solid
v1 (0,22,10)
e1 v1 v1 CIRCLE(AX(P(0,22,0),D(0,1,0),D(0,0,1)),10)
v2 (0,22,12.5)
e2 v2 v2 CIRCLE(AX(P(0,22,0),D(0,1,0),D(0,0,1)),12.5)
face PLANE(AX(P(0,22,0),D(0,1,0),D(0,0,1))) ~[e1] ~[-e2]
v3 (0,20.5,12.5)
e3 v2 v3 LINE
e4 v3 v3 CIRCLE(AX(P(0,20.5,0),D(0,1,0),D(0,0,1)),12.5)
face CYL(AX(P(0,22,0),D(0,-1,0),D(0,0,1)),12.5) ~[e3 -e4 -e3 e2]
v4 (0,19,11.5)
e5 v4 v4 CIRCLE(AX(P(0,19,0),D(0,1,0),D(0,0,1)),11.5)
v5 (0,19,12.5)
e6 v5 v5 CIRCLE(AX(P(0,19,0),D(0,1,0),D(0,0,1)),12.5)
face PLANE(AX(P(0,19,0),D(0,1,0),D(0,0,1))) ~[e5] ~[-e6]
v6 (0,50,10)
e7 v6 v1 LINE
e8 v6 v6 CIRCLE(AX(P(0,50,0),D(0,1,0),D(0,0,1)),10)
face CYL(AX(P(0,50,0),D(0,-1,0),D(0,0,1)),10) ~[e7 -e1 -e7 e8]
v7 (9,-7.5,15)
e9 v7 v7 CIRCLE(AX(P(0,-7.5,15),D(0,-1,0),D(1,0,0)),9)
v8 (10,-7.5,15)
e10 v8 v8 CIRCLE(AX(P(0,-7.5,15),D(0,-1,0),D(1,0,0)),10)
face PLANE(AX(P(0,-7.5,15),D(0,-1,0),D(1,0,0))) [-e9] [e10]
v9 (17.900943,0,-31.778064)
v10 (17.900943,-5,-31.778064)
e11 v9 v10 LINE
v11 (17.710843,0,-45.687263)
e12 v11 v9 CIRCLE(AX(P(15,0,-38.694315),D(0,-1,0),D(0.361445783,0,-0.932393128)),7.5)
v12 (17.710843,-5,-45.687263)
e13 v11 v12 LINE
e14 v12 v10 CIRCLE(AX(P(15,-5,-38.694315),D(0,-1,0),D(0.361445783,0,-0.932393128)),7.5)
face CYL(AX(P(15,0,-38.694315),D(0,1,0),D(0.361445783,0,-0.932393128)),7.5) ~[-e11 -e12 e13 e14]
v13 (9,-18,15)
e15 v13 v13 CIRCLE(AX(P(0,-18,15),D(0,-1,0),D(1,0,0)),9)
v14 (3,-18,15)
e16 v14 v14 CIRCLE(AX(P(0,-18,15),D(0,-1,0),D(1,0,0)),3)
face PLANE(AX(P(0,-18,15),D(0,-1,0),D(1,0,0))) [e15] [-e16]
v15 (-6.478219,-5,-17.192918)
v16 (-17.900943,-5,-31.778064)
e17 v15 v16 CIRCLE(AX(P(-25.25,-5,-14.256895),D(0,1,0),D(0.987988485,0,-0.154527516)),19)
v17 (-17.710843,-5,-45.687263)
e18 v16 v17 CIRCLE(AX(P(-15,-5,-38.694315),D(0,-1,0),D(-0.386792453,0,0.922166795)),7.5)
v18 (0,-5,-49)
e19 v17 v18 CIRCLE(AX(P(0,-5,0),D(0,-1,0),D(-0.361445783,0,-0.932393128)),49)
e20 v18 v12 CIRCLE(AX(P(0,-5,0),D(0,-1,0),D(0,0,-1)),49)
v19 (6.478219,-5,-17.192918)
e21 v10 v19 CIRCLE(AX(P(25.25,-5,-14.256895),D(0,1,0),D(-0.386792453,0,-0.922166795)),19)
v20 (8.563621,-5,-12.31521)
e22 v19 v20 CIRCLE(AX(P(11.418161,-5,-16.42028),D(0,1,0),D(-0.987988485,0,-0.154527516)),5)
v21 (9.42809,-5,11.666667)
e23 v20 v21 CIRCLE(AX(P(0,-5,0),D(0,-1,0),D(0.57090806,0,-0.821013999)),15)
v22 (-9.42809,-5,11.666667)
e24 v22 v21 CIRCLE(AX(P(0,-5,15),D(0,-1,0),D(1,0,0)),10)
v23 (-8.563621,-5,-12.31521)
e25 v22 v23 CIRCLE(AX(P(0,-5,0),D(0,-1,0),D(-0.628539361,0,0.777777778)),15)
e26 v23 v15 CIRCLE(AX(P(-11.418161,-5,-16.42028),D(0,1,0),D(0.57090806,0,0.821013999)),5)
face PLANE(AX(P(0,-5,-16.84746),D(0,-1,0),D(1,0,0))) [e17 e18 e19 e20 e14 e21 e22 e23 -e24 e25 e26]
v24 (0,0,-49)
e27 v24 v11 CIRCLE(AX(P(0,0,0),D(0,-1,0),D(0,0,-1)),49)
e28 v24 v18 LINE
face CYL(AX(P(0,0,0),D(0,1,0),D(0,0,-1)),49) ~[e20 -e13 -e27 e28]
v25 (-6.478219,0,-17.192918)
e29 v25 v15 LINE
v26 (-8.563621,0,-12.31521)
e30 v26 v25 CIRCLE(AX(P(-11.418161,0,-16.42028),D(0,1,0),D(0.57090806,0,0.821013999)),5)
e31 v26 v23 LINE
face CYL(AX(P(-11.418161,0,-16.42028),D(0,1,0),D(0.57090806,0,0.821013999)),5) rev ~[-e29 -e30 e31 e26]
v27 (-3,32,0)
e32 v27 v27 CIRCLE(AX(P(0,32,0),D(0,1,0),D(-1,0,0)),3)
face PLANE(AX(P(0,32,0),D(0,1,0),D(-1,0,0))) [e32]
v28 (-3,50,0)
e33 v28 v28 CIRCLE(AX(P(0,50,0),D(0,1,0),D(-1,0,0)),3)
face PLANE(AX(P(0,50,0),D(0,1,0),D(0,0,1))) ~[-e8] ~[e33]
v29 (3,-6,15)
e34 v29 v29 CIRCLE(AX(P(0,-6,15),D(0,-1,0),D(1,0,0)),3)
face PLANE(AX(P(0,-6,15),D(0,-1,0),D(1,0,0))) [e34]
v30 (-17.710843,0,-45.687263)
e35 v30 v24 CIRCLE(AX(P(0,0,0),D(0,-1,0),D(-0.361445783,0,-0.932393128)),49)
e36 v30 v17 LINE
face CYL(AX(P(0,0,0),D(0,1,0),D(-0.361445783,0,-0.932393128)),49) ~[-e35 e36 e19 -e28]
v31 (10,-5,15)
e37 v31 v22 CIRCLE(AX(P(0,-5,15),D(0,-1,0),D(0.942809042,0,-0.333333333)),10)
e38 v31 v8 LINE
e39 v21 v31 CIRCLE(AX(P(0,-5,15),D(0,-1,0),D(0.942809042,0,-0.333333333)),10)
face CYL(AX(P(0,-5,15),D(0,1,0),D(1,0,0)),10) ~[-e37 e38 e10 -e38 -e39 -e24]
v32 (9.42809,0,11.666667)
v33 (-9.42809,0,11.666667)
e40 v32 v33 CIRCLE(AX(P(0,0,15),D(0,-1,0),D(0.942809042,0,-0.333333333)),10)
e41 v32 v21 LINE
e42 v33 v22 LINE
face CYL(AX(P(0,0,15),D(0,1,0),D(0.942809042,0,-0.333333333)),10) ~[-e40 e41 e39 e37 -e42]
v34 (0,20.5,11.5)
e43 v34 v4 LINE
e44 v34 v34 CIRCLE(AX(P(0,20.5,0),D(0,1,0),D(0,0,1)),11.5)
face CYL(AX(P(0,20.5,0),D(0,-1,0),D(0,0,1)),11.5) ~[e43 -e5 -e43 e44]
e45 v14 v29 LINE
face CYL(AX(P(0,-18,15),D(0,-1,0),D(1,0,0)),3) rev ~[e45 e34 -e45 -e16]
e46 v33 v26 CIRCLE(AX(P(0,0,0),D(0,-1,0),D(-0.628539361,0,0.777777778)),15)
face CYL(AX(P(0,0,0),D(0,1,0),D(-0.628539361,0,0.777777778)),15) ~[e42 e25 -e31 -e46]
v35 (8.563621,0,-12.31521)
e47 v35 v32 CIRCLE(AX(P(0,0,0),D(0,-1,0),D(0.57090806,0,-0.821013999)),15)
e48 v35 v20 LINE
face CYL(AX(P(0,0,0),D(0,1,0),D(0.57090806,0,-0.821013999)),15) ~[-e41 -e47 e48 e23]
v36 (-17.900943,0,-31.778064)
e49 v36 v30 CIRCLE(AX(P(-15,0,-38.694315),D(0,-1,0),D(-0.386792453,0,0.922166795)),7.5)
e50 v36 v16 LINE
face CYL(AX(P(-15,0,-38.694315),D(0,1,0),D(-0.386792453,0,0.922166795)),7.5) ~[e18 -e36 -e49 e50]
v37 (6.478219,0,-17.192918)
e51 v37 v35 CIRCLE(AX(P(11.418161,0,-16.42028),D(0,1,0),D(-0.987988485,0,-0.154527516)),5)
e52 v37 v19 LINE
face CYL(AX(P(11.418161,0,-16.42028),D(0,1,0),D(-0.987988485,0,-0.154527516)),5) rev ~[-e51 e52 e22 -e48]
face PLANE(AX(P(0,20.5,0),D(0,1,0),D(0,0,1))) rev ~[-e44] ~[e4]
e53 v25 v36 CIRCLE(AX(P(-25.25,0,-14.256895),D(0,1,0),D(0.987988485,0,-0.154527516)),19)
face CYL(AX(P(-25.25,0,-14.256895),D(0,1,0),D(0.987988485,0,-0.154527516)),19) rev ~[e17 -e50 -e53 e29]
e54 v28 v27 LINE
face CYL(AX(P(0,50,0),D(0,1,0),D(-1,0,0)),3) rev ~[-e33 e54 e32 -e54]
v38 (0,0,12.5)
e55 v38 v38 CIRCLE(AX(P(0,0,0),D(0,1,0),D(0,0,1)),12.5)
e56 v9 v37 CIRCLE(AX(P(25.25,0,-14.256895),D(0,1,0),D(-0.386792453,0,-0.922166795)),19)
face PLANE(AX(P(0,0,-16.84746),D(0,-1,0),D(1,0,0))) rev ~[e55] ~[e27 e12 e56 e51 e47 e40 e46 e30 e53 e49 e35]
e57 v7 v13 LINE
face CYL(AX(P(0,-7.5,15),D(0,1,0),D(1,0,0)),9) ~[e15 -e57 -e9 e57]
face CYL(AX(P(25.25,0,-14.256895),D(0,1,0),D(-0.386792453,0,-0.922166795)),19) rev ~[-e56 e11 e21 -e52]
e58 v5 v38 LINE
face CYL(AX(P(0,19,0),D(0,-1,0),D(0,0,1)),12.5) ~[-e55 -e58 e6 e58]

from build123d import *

# Parameters (mm, degrees)
F3_DEPTH  = 5
F4_R      = 10
F5_DEPTH  = 2.5
F6_R      = 9
F7_DEPTH  = 10.5
F8_R      = 3
F9_DEPTH  = 12
F10_R     = 3
F11_DEPTH = 18


with BuildPart() as f1:
    # F0 (on Right) → F1 (revolve)
    with BuildSketch(Plane.YZ):
        Polygon((19, 12.5), (0, 12.5), (0, 0), (50, 0), (50, 10), (22, 10), (22, 12.5), (20.5, 12.5), (20.5, 11.5), (19, 11.5), align=None)
    revolve(axis=Axis((0, 25, 0), (0, 1, 0)))

    # F2 (on Front) → F3 (join)
    with BuildSketch(Plane.XZ):
        with BuildLine():
            ThreePointArc((9.4280904158, 11.6666666667), (0, 25), (-9.4280904158, 11.6666666667))
            ThreePointArc((-9.4280904158, 11.6666666667), (-14.9902642074, -0.5403508046), (-8.5636209064, -12.3152099849))
            ThreePointArc((-8.5636209064, -12.3152099849), (-6.8207164782, -14.4547006883), (-6.478218783, -17.1929175614))
            ThreePointArc((-6.478218783, -17.1929175614), (-10.2915186174, -25.9720061348), (-17.9009433962, -31.7780638628))
            ThreePointArc((-17.9009433962, -31.7780638628), (-22.4992996252, -38.7968093702), (-17.7108433735, -45.6872632908))
            ThreePointArc((-17.7108433735, -45.6872632908), (-9.0089982449, -48.1646961023), (0, -49))
            ThreePointArc((0, -49), (9.0089982449, -48.1646961023), (17.7108433735, -45.6872632908))
            ThreePointArc((17.7108433735, -45.6872632908), (22.4992996252, -38.7968093702), (17.9009433962, -31.7780638628))
            ThreePointArc((17.9009433962, -31.7780638628), (10.2915186174, -25.9720061348), (6.478218783, -17.1929175614))
            ThreePointArc((6.478218783, -17.1929175614), (6.8207164782, -14.4547006883), (8.5636209064, -12.3152099849))
            ThreePointArc((8.5636209064, -12.3152099849), (14.9902642074, -0.5403508046), (9.4280904158, 11.6666666667))
        make_face()
    extrude(amount=F3_DEPTH)

    # F4 (on face) → F5 (join)
    with BuildSketch(Plane.XZ.offset(5)):
        with Locations((0, 15)):
            Circle(F4_R)
    extrude(amount=F5_DEPTH)

    # F6 (on face) → F7 (join)
    with BuildSketch(Plane.XZ.offset(7.5)):
        with Locations((0, 15)):
            Circle(F6_R)
    extrude(amount=F7_DEPTH)

    # F8 (on face) → F9 (cut)
    with BuildSketch(Plane.XZ.offset(18)):
        with Locations((0, 15)):
            Circle(F8_R)
    extrude(amount=-F9_DEPTH, mode=Mode.SUBTRACT)

    # F10 (on face) → F11 (cut)
    with BuildSketch(Plane(origin=(0, 50, 0), x_dir=(-1, 0, 0), z_dir=(0, 1, 0))):
        Circle(F10_R)
    extrude(amount=-F11_DEPTH, mode=Mode.SUBTRACT)


solid = f1.part
